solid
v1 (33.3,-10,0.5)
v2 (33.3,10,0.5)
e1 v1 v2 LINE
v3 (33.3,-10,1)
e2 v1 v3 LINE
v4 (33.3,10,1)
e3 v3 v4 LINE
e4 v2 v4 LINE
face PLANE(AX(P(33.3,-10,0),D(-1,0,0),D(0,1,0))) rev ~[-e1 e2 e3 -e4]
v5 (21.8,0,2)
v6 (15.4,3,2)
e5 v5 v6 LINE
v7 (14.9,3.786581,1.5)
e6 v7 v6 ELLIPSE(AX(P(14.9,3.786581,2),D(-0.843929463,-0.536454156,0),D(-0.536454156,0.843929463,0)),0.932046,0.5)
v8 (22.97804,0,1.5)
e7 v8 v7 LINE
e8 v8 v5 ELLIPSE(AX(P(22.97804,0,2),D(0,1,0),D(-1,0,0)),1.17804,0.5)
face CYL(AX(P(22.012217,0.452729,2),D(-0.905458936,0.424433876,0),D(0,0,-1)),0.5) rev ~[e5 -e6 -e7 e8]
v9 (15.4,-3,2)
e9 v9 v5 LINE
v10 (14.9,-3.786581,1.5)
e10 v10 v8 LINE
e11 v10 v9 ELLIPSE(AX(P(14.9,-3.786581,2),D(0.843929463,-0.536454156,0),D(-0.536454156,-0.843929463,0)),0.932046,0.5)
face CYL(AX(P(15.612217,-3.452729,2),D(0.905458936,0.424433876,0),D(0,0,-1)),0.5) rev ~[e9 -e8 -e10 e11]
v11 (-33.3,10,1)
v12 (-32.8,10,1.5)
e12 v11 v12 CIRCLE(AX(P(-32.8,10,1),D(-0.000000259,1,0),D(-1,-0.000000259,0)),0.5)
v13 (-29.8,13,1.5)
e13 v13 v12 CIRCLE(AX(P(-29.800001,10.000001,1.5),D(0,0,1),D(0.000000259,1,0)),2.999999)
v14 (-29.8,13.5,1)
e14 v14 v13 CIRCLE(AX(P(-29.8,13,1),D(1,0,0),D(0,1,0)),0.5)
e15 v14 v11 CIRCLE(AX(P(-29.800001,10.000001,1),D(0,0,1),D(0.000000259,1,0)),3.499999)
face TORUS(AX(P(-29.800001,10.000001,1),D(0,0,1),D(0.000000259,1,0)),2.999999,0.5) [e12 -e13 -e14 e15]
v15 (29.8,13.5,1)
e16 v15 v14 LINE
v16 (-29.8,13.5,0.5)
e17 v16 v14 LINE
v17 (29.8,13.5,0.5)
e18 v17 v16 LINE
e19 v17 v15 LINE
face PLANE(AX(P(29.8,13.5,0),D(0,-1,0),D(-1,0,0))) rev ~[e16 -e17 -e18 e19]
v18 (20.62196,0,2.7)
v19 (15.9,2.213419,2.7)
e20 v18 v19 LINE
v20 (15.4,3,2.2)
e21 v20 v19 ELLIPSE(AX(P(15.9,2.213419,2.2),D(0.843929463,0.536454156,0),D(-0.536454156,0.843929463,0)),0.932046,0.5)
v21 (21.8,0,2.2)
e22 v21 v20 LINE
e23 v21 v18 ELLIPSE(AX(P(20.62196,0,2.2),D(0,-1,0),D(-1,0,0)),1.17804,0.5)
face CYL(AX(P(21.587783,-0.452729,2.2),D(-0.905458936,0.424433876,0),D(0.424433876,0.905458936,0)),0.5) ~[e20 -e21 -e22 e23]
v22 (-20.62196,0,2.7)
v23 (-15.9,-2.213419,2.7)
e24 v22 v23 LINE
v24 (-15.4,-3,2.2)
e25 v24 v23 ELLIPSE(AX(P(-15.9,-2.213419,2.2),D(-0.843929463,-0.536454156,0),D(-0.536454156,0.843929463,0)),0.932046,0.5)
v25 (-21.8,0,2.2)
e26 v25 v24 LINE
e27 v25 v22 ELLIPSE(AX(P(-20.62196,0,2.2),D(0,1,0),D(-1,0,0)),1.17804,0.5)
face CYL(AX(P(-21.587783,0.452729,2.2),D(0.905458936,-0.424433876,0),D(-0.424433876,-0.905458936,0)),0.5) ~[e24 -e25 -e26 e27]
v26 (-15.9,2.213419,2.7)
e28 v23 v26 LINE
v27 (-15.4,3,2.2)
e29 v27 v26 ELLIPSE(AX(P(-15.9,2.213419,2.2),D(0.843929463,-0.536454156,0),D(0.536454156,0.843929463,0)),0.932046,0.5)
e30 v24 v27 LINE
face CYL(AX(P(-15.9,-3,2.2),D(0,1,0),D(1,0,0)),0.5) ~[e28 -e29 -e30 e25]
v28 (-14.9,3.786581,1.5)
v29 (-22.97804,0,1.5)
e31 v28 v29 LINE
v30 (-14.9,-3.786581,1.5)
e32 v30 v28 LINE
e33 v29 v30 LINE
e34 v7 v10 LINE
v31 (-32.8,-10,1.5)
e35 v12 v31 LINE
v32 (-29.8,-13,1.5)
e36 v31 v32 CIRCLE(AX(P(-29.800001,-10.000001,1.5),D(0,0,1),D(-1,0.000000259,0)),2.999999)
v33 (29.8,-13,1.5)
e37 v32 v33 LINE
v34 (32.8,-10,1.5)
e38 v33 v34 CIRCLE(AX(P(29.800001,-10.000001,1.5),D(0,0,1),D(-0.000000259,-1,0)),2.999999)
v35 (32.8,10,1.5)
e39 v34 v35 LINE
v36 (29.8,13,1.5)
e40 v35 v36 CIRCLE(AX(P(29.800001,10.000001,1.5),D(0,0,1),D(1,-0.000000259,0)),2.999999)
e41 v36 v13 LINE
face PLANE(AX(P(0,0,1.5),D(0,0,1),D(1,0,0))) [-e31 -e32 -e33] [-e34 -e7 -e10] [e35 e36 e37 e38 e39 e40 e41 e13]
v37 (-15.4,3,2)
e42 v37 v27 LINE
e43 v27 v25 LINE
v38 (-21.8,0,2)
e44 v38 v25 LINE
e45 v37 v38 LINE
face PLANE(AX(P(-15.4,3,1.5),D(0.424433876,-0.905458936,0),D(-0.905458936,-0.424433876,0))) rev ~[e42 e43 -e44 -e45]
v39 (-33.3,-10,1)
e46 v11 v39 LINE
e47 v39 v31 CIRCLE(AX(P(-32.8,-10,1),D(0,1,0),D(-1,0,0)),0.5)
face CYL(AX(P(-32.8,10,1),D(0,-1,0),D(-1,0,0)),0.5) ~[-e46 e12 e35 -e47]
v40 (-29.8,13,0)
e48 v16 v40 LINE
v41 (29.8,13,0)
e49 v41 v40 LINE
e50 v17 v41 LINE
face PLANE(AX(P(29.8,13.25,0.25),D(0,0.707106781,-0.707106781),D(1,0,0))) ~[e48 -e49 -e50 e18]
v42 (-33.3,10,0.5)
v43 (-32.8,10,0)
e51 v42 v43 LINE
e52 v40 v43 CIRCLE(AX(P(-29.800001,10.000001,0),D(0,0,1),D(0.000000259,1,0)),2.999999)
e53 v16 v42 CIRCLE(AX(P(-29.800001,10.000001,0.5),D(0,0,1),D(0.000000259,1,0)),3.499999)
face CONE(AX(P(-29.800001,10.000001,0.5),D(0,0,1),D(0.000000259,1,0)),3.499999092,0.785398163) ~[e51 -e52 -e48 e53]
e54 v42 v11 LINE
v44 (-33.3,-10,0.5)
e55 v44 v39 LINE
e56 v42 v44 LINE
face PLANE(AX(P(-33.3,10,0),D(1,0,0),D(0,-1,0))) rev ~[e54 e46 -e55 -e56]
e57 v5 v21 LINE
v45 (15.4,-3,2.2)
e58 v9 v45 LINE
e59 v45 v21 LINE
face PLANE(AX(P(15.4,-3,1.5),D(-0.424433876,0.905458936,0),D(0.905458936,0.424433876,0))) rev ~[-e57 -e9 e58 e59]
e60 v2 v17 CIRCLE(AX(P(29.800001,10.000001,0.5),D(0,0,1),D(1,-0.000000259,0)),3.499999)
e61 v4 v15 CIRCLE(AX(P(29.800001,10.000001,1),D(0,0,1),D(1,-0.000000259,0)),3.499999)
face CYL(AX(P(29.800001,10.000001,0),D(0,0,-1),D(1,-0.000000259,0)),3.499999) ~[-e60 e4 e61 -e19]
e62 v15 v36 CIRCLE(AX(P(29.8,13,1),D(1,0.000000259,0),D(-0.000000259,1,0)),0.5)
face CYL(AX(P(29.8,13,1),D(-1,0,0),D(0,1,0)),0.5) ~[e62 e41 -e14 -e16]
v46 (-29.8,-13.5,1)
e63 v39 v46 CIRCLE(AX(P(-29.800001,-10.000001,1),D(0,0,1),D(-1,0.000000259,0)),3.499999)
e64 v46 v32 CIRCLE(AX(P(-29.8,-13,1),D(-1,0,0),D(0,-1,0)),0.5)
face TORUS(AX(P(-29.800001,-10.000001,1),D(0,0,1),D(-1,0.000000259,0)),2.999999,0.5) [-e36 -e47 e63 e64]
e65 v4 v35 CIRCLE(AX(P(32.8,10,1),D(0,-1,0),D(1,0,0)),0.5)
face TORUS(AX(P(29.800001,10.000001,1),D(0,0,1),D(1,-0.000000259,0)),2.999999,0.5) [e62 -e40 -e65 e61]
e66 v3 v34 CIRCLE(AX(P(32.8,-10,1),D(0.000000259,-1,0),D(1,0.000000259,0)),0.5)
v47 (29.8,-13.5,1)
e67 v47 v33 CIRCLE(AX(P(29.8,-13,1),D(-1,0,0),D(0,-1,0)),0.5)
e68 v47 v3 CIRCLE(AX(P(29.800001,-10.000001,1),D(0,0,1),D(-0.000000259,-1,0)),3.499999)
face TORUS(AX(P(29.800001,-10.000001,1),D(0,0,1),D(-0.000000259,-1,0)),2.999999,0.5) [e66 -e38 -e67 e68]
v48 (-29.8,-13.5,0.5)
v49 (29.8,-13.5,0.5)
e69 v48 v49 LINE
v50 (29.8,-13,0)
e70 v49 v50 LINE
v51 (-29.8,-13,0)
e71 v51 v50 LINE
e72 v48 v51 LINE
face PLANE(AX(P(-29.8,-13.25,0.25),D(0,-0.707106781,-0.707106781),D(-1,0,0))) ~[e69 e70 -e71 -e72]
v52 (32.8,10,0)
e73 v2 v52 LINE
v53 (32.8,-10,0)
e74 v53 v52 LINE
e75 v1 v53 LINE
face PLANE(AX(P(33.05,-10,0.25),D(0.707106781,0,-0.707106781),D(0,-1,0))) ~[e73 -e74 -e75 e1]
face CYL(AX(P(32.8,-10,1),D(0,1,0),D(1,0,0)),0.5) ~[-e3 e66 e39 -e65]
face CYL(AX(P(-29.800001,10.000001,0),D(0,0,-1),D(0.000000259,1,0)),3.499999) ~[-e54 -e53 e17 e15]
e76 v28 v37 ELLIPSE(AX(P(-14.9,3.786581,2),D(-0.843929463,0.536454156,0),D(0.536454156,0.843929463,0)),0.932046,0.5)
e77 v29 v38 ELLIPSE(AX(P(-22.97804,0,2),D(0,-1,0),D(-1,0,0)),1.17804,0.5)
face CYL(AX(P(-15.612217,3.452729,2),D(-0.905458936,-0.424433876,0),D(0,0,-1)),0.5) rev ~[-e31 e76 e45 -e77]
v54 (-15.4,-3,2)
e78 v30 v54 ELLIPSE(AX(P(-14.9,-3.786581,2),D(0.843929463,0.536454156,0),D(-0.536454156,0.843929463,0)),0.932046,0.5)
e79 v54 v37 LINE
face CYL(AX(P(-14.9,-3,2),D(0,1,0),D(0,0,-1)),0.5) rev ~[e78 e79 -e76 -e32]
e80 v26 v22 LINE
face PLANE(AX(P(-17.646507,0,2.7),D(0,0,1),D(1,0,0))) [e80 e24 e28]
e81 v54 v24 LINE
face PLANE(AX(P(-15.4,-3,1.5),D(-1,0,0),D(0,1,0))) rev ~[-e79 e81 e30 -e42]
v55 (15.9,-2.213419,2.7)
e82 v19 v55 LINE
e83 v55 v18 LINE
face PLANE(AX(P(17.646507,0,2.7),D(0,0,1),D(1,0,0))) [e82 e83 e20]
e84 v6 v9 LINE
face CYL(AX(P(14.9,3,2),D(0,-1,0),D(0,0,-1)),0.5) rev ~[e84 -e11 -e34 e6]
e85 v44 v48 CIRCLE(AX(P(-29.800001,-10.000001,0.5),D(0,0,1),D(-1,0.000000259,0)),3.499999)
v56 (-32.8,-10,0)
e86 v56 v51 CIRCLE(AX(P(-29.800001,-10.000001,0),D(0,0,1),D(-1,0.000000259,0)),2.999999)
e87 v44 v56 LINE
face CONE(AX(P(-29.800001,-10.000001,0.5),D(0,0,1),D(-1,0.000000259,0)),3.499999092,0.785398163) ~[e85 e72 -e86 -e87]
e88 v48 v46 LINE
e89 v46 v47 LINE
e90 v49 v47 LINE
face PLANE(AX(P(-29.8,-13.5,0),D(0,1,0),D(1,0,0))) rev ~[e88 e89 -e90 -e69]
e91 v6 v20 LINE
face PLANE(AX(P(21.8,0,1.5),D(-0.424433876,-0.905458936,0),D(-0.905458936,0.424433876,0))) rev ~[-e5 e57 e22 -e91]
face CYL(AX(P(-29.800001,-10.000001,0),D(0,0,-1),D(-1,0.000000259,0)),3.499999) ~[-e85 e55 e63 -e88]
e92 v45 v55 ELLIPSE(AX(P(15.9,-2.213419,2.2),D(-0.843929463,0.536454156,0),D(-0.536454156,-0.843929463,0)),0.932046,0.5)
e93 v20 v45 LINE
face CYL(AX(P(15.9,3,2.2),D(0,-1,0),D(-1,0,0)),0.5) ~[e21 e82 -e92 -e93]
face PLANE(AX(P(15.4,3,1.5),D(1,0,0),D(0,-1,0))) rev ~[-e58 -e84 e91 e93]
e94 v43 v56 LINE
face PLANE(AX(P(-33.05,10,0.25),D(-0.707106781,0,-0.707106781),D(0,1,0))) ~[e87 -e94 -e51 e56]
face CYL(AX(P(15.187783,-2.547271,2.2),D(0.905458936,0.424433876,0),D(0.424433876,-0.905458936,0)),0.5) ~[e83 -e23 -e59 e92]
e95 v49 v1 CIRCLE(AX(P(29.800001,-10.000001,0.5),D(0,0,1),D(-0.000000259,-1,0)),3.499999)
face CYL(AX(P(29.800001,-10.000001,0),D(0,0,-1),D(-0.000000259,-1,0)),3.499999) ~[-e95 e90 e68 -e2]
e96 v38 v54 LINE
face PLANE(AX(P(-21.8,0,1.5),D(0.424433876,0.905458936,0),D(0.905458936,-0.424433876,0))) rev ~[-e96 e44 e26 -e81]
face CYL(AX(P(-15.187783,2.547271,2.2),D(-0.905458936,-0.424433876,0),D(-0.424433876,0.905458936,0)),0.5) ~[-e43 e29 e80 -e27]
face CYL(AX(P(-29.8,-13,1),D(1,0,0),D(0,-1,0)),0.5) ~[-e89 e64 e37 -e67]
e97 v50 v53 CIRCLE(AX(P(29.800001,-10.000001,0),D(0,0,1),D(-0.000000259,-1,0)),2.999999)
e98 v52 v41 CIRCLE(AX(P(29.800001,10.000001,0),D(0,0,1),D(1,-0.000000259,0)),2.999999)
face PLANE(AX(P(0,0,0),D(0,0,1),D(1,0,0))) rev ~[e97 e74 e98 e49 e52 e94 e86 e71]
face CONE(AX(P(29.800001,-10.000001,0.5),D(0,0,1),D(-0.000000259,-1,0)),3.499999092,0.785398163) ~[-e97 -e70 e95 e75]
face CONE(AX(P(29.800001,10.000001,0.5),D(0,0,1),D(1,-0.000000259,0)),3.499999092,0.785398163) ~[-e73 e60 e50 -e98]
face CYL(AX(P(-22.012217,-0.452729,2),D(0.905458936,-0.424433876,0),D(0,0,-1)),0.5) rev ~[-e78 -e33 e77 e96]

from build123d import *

# Parameters (mm, degrees)
F1_DEPTH = 1.5
F3_DEPTH = 1.2
F4_SIZE  = 0.5
F5_R     = 0.5


with BuildPart() as f1:
    # F0 (on Top) → F1 (new body)
    with BuildSketch(Plane.XY):
        with BuildLine():
            Line((-29.8, -13.5), (29.8, -13.5))
            ThreePointArc((29.8, -13.5), (32.274874, -12.474874), (33.3, -10))
            Line((33.3, -10), (33.3, 10))
            ThreePointArc((33.3, 10), (32.274874, 12.474874), (29.8, 13.5))
            Line((29.8, 13.5), (-29.8, 13.5))
            ThreePointArc((-29.8, 13.5), (-32.274874, 12.474874), (-33.3, 10))
            Line((-33.3, 10), (-33.3, -10))
            ThreePointArc((-33.3, -10), (-32.274874, -12.474874), (-29.8, -13.5))
        make_face()
    extrude(amount=F1_DEPTH)

    # F2 (on face) → F3 (join)
    with BuildSketch(Plane.XY.offset(1.5)):
        Polygon((-15.4, -3), (-15.4, 3), (-21.8, 0), align=None)
        Polygon((21.8, 0), (15.4, 3), (15.4, -3), align=None)
    extrude(amount=F3_DEPTH)

    # F4
    f4_edges = [f1.edges().sort_by_distance(p)[0] for p in [
        (0, -13.5, 0),
        (32.274874, -12.474874, 0),
        (33.3, 0, 0),
        (32.274874, 12.474874, 0),
        (0, 13.5, 0),
        (-32.274874, 12.474874, 0),
        (-33.3, 0, 0),
        (-32.274874, -12.474874, 0),
    ]]
    chamfer(f4_edges, length=F4_SIZE)

    # F5
    f5_edges = [f1.edges().sort_by_distance(p)[0] for p in [
        (-15.4, 0, 2.7),
        (-18.6, 1.5, 2.7),
        (-18.6, -1.5, 2.7),
        (18.6, 1.5, 2.7),
        (15.4, 0, 2.7),
        (18.6, -1.5, 2.7),
        (0, -13.5, 1.5),
        (-32.274874, -12.474874, 1.5),
        (32.274874, -12.474874, 1.5),
        (-33.3, 0, 1.5),
        (33.3, 0, 1.5),
        (-32.274874, 12.474874, 1.5),
        (32.274874, 12.474874, 1.5),
        (0, 13.5, 1.5),
        (-15.4, 0, 1.5),
        (-18.6, 1.5, 1.5),
        (-18.6, -1.5, 1.5),
        (18.6, 1.5, 1.5),
        (15.4, 0, 1.5),
        (18.6, -1.5, 1.5),
    ]]
    fillet(f5_edges, radius=F5_R)


solid = f1.part
